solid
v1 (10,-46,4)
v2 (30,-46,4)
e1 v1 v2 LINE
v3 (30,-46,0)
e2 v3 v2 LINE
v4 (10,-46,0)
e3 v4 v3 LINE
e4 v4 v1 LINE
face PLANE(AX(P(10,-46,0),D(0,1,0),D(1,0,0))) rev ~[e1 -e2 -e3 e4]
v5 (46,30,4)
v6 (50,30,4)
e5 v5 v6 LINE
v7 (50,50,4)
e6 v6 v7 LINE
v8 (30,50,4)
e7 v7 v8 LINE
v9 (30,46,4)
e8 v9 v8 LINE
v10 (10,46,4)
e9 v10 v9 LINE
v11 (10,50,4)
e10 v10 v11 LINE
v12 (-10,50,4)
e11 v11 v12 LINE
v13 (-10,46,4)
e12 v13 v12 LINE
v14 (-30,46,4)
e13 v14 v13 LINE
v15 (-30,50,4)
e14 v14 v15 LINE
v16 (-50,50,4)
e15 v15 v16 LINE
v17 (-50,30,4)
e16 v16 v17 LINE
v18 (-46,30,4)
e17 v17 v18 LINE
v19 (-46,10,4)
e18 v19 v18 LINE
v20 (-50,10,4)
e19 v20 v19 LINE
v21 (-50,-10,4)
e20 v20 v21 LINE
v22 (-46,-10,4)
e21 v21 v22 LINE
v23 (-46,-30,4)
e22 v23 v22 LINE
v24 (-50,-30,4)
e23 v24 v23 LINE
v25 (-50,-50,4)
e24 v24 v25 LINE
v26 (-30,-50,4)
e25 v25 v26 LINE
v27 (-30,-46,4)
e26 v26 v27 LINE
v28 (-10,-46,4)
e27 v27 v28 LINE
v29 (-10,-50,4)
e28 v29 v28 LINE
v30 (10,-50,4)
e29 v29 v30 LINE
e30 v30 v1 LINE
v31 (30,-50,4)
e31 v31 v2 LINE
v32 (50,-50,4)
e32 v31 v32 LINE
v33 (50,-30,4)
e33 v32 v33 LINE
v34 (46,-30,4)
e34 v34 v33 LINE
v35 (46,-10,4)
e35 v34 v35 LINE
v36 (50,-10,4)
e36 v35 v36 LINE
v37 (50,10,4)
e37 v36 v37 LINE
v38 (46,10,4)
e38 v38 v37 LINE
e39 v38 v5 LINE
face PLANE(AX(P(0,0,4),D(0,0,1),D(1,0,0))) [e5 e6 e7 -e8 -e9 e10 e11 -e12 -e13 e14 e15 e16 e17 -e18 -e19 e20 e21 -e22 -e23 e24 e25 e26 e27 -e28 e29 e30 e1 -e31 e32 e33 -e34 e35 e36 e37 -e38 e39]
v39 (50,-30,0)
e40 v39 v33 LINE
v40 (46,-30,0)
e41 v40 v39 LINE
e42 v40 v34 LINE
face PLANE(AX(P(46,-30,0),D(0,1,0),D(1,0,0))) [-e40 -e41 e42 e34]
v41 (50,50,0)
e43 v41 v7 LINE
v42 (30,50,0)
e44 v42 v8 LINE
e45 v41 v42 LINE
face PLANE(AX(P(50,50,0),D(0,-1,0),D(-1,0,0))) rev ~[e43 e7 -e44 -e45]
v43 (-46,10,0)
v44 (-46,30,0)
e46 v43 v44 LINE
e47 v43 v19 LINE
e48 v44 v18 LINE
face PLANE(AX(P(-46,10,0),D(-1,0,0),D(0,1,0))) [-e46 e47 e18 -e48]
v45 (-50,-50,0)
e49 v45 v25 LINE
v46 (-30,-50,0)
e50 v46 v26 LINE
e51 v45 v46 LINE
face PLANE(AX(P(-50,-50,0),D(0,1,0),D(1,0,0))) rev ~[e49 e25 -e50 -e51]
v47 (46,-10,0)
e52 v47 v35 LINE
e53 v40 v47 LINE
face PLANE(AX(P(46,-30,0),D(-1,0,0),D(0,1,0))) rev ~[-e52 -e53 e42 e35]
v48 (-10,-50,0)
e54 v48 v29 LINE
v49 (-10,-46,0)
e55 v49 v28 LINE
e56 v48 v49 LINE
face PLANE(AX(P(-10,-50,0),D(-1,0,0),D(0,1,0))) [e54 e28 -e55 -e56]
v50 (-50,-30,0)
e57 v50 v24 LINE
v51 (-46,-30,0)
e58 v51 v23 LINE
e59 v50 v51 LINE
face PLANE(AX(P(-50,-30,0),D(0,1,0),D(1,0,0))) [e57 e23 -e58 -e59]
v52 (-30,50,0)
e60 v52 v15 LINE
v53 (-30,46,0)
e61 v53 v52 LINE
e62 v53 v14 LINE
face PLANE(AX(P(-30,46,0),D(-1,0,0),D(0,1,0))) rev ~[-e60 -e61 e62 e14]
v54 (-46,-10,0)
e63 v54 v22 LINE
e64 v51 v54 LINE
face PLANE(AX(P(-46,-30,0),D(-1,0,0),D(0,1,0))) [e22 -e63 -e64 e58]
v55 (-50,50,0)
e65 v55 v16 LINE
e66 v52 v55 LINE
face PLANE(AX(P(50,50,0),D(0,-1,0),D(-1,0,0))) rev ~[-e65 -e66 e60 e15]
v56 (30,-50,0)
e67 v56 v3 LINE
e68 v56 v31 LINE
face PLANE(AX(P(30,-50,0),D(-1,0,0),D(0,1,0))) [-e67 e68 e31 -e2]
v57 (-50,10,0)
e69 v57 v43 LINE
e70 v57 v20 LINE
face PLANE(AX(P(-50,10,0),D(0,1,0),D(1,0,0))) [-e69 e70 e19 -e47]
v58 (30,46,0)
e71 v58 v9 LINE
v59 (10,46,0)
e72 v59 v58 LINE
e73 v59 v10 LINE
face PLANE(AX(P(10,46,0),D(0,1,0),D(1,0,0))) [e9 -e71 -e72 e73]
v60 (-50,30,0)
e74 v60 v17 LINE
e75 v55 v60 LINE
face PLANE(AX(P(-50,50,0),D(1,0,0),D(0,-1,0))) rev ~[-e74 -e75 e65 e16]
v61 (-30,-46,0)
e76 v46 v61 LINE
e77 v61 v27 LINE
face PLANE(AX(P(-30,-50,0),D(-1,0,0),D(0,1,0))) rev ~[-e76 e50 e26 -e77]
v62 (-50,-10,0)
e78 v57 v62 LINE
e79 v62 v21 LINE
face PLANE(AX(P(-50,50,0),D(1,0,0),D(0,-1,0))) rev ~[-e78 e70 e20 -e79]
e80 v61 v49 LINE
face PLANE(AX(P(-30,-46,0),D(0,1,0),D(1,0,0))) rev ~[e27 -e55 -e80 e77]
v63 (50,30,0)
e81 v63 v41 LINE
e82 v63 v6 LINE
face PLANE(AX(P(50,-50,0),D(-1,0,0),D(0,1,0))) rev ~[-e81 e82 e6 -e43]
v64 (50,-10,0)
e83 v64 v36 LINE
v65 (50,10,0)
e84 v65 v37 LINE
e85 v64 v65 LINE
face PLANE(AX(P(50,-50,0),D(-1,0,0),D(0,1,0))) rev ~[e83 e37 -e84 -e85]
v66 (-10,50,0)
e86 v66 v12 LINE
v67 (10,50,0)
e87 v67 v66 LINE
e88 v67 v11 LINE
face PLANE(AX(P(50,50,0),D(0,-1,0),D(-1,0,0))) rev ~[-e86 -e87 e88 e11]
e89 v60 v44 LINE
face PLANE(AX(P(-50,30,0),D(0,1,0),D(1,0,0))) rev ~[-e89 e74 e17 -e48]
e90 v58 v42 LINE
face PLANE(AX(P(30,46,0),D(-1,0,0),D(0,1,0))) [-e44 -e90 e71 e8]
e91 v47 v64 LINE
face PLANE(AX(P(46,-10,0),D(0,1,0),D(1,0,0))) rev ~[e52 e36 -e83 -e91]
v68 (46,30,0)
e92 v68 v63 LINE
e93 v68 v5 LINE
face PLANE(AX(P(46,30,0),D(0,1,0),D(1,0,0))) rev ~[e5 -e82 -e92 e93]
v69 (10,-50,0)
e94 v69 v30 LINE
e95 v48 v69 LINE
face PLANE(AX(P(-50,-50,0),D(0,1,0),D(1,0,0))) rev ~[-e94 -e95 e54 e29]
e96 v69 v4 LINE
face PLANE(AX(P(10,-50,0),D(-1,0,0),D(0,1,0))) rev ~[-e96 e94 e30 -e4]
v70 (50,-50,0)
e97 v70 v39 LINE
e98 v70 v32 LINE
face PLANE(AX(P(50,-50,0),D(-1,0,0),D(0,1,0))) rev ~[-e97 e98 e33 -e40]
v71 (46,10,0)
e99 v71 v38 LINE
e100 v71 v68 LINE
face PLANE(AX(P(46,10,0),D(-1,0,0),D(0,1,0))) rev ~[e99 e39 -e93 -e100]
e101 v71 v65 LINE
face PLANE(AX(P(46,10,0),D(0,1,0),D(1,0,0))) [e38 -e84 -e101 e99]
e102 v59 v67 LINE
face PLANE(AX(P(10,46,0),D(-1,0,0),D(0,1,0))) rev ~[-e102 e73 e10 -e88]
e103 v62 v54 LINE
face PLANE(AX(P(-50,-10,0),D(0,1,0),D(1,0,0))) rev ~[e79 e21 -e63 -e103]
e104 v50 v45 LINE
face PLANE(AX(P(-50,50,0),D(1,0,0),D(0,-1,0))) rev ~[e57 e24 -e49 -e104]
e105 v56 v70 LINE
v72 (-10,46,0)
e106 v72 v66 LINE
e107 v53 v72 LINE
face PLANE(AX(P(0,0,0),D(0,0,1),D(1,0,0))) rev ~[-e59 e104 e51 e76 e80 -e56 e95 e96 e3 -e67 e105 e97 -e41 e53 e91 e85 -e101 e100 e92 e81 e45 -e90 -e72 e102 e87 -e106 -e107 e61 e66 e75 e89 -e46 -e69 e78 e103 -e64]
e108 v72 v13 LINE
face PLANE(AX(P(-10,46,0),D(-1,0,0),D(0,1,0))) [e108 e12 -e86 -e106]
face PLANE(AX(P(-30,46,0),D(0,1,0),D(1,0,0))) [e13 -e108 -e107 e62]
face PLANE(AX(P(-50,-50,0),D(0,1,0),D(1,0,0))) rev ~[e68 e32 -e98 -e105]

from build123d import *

# Parameters (mm, degrees)
F0_W     = 20
F0_H     = 4
F0_W_2   = 4
F0_H_2   = 20
F1_DEPTH = 4
F2_DEPTH = 4


with BuildPart() as f1:
    # F0 (on Top) → F1 (new body)
    with BuildSketch(Plane.XY):
        Polygon((-50, -30), (-50, -50), (-30, -50), (-30, -46), (-10, -46), (-10, -50), (10, -50), (10, -46), (30, -46), (30, -50), (50, -50), (50, -30), (46, -30), (46, -10), (50, -10), (50, 10), (46, 10), (46, 30), (50, 30), (50, 50), (30, 50), (30, 46), (10, 46), (10, 50), (-10, 50), (-10, 46), (-30, 46), (-30, 50), (-50, 50), (-50, 30), (-46, 30), (-46, 10), (-50, 10), (-50, -10), (-46, -10), (-46, -30), align=None)
        with Locations((-20, -48)):
            Rectangle(F0_W, F0_H)
        with Locations((-48, -20)):
            Rectangle(F0_W_2, F0_H_2)
        with Locations((20, -48)):
            Rectangle(F0_W, F0_H)
        with Locations((-48, 20)):
            Rectangle(F0_W_2, F0_H_2)
        with Locations((48, -20)):
            Rectangle(F0_W_2, F0_H_2)
        with Locations((-20, 48)):
            Rectangle(F0_W, F0_H)
        with Locations((48, 20)):
            Rectangle(F0_W_2, F0_H_2)
        with Locations((20, 48)):
            Rectangle(F0_W, F0_H)
    extrude(amount=F1_DEPTH)

    # F0 (on Top) → F2 (cut)
    with BuildSketch(Plane.XY):
        with Locations((-48, 20)):
            Rectangle(F0_W_2, F0_H_2)
        with Locations((-48, -20)):
            Rectangle(F0_W_2, F0_H_2)
        with Locations((-20, -48)):
            Rectangle(F0_W, F0_H)
        with Locations((20, -48)):
            Rectangle(F0_W, F0_H)
        with Locations((48, -20)):
            Rectangle(F0_W_2, F0_H_2)
        with Locations((48, 20)):
            Rectangle(F0_W_2, F0_H_2)
        with Locations((20, 48)):
            Rectangle(F0_W, F0_H)
        with Locations((-20, 48)):
            Rectangle(F0_W, F0_H)
    extrude(amount=F2_DEPTH, mode=Mode.SUBTRACT)


solid = f1.part
